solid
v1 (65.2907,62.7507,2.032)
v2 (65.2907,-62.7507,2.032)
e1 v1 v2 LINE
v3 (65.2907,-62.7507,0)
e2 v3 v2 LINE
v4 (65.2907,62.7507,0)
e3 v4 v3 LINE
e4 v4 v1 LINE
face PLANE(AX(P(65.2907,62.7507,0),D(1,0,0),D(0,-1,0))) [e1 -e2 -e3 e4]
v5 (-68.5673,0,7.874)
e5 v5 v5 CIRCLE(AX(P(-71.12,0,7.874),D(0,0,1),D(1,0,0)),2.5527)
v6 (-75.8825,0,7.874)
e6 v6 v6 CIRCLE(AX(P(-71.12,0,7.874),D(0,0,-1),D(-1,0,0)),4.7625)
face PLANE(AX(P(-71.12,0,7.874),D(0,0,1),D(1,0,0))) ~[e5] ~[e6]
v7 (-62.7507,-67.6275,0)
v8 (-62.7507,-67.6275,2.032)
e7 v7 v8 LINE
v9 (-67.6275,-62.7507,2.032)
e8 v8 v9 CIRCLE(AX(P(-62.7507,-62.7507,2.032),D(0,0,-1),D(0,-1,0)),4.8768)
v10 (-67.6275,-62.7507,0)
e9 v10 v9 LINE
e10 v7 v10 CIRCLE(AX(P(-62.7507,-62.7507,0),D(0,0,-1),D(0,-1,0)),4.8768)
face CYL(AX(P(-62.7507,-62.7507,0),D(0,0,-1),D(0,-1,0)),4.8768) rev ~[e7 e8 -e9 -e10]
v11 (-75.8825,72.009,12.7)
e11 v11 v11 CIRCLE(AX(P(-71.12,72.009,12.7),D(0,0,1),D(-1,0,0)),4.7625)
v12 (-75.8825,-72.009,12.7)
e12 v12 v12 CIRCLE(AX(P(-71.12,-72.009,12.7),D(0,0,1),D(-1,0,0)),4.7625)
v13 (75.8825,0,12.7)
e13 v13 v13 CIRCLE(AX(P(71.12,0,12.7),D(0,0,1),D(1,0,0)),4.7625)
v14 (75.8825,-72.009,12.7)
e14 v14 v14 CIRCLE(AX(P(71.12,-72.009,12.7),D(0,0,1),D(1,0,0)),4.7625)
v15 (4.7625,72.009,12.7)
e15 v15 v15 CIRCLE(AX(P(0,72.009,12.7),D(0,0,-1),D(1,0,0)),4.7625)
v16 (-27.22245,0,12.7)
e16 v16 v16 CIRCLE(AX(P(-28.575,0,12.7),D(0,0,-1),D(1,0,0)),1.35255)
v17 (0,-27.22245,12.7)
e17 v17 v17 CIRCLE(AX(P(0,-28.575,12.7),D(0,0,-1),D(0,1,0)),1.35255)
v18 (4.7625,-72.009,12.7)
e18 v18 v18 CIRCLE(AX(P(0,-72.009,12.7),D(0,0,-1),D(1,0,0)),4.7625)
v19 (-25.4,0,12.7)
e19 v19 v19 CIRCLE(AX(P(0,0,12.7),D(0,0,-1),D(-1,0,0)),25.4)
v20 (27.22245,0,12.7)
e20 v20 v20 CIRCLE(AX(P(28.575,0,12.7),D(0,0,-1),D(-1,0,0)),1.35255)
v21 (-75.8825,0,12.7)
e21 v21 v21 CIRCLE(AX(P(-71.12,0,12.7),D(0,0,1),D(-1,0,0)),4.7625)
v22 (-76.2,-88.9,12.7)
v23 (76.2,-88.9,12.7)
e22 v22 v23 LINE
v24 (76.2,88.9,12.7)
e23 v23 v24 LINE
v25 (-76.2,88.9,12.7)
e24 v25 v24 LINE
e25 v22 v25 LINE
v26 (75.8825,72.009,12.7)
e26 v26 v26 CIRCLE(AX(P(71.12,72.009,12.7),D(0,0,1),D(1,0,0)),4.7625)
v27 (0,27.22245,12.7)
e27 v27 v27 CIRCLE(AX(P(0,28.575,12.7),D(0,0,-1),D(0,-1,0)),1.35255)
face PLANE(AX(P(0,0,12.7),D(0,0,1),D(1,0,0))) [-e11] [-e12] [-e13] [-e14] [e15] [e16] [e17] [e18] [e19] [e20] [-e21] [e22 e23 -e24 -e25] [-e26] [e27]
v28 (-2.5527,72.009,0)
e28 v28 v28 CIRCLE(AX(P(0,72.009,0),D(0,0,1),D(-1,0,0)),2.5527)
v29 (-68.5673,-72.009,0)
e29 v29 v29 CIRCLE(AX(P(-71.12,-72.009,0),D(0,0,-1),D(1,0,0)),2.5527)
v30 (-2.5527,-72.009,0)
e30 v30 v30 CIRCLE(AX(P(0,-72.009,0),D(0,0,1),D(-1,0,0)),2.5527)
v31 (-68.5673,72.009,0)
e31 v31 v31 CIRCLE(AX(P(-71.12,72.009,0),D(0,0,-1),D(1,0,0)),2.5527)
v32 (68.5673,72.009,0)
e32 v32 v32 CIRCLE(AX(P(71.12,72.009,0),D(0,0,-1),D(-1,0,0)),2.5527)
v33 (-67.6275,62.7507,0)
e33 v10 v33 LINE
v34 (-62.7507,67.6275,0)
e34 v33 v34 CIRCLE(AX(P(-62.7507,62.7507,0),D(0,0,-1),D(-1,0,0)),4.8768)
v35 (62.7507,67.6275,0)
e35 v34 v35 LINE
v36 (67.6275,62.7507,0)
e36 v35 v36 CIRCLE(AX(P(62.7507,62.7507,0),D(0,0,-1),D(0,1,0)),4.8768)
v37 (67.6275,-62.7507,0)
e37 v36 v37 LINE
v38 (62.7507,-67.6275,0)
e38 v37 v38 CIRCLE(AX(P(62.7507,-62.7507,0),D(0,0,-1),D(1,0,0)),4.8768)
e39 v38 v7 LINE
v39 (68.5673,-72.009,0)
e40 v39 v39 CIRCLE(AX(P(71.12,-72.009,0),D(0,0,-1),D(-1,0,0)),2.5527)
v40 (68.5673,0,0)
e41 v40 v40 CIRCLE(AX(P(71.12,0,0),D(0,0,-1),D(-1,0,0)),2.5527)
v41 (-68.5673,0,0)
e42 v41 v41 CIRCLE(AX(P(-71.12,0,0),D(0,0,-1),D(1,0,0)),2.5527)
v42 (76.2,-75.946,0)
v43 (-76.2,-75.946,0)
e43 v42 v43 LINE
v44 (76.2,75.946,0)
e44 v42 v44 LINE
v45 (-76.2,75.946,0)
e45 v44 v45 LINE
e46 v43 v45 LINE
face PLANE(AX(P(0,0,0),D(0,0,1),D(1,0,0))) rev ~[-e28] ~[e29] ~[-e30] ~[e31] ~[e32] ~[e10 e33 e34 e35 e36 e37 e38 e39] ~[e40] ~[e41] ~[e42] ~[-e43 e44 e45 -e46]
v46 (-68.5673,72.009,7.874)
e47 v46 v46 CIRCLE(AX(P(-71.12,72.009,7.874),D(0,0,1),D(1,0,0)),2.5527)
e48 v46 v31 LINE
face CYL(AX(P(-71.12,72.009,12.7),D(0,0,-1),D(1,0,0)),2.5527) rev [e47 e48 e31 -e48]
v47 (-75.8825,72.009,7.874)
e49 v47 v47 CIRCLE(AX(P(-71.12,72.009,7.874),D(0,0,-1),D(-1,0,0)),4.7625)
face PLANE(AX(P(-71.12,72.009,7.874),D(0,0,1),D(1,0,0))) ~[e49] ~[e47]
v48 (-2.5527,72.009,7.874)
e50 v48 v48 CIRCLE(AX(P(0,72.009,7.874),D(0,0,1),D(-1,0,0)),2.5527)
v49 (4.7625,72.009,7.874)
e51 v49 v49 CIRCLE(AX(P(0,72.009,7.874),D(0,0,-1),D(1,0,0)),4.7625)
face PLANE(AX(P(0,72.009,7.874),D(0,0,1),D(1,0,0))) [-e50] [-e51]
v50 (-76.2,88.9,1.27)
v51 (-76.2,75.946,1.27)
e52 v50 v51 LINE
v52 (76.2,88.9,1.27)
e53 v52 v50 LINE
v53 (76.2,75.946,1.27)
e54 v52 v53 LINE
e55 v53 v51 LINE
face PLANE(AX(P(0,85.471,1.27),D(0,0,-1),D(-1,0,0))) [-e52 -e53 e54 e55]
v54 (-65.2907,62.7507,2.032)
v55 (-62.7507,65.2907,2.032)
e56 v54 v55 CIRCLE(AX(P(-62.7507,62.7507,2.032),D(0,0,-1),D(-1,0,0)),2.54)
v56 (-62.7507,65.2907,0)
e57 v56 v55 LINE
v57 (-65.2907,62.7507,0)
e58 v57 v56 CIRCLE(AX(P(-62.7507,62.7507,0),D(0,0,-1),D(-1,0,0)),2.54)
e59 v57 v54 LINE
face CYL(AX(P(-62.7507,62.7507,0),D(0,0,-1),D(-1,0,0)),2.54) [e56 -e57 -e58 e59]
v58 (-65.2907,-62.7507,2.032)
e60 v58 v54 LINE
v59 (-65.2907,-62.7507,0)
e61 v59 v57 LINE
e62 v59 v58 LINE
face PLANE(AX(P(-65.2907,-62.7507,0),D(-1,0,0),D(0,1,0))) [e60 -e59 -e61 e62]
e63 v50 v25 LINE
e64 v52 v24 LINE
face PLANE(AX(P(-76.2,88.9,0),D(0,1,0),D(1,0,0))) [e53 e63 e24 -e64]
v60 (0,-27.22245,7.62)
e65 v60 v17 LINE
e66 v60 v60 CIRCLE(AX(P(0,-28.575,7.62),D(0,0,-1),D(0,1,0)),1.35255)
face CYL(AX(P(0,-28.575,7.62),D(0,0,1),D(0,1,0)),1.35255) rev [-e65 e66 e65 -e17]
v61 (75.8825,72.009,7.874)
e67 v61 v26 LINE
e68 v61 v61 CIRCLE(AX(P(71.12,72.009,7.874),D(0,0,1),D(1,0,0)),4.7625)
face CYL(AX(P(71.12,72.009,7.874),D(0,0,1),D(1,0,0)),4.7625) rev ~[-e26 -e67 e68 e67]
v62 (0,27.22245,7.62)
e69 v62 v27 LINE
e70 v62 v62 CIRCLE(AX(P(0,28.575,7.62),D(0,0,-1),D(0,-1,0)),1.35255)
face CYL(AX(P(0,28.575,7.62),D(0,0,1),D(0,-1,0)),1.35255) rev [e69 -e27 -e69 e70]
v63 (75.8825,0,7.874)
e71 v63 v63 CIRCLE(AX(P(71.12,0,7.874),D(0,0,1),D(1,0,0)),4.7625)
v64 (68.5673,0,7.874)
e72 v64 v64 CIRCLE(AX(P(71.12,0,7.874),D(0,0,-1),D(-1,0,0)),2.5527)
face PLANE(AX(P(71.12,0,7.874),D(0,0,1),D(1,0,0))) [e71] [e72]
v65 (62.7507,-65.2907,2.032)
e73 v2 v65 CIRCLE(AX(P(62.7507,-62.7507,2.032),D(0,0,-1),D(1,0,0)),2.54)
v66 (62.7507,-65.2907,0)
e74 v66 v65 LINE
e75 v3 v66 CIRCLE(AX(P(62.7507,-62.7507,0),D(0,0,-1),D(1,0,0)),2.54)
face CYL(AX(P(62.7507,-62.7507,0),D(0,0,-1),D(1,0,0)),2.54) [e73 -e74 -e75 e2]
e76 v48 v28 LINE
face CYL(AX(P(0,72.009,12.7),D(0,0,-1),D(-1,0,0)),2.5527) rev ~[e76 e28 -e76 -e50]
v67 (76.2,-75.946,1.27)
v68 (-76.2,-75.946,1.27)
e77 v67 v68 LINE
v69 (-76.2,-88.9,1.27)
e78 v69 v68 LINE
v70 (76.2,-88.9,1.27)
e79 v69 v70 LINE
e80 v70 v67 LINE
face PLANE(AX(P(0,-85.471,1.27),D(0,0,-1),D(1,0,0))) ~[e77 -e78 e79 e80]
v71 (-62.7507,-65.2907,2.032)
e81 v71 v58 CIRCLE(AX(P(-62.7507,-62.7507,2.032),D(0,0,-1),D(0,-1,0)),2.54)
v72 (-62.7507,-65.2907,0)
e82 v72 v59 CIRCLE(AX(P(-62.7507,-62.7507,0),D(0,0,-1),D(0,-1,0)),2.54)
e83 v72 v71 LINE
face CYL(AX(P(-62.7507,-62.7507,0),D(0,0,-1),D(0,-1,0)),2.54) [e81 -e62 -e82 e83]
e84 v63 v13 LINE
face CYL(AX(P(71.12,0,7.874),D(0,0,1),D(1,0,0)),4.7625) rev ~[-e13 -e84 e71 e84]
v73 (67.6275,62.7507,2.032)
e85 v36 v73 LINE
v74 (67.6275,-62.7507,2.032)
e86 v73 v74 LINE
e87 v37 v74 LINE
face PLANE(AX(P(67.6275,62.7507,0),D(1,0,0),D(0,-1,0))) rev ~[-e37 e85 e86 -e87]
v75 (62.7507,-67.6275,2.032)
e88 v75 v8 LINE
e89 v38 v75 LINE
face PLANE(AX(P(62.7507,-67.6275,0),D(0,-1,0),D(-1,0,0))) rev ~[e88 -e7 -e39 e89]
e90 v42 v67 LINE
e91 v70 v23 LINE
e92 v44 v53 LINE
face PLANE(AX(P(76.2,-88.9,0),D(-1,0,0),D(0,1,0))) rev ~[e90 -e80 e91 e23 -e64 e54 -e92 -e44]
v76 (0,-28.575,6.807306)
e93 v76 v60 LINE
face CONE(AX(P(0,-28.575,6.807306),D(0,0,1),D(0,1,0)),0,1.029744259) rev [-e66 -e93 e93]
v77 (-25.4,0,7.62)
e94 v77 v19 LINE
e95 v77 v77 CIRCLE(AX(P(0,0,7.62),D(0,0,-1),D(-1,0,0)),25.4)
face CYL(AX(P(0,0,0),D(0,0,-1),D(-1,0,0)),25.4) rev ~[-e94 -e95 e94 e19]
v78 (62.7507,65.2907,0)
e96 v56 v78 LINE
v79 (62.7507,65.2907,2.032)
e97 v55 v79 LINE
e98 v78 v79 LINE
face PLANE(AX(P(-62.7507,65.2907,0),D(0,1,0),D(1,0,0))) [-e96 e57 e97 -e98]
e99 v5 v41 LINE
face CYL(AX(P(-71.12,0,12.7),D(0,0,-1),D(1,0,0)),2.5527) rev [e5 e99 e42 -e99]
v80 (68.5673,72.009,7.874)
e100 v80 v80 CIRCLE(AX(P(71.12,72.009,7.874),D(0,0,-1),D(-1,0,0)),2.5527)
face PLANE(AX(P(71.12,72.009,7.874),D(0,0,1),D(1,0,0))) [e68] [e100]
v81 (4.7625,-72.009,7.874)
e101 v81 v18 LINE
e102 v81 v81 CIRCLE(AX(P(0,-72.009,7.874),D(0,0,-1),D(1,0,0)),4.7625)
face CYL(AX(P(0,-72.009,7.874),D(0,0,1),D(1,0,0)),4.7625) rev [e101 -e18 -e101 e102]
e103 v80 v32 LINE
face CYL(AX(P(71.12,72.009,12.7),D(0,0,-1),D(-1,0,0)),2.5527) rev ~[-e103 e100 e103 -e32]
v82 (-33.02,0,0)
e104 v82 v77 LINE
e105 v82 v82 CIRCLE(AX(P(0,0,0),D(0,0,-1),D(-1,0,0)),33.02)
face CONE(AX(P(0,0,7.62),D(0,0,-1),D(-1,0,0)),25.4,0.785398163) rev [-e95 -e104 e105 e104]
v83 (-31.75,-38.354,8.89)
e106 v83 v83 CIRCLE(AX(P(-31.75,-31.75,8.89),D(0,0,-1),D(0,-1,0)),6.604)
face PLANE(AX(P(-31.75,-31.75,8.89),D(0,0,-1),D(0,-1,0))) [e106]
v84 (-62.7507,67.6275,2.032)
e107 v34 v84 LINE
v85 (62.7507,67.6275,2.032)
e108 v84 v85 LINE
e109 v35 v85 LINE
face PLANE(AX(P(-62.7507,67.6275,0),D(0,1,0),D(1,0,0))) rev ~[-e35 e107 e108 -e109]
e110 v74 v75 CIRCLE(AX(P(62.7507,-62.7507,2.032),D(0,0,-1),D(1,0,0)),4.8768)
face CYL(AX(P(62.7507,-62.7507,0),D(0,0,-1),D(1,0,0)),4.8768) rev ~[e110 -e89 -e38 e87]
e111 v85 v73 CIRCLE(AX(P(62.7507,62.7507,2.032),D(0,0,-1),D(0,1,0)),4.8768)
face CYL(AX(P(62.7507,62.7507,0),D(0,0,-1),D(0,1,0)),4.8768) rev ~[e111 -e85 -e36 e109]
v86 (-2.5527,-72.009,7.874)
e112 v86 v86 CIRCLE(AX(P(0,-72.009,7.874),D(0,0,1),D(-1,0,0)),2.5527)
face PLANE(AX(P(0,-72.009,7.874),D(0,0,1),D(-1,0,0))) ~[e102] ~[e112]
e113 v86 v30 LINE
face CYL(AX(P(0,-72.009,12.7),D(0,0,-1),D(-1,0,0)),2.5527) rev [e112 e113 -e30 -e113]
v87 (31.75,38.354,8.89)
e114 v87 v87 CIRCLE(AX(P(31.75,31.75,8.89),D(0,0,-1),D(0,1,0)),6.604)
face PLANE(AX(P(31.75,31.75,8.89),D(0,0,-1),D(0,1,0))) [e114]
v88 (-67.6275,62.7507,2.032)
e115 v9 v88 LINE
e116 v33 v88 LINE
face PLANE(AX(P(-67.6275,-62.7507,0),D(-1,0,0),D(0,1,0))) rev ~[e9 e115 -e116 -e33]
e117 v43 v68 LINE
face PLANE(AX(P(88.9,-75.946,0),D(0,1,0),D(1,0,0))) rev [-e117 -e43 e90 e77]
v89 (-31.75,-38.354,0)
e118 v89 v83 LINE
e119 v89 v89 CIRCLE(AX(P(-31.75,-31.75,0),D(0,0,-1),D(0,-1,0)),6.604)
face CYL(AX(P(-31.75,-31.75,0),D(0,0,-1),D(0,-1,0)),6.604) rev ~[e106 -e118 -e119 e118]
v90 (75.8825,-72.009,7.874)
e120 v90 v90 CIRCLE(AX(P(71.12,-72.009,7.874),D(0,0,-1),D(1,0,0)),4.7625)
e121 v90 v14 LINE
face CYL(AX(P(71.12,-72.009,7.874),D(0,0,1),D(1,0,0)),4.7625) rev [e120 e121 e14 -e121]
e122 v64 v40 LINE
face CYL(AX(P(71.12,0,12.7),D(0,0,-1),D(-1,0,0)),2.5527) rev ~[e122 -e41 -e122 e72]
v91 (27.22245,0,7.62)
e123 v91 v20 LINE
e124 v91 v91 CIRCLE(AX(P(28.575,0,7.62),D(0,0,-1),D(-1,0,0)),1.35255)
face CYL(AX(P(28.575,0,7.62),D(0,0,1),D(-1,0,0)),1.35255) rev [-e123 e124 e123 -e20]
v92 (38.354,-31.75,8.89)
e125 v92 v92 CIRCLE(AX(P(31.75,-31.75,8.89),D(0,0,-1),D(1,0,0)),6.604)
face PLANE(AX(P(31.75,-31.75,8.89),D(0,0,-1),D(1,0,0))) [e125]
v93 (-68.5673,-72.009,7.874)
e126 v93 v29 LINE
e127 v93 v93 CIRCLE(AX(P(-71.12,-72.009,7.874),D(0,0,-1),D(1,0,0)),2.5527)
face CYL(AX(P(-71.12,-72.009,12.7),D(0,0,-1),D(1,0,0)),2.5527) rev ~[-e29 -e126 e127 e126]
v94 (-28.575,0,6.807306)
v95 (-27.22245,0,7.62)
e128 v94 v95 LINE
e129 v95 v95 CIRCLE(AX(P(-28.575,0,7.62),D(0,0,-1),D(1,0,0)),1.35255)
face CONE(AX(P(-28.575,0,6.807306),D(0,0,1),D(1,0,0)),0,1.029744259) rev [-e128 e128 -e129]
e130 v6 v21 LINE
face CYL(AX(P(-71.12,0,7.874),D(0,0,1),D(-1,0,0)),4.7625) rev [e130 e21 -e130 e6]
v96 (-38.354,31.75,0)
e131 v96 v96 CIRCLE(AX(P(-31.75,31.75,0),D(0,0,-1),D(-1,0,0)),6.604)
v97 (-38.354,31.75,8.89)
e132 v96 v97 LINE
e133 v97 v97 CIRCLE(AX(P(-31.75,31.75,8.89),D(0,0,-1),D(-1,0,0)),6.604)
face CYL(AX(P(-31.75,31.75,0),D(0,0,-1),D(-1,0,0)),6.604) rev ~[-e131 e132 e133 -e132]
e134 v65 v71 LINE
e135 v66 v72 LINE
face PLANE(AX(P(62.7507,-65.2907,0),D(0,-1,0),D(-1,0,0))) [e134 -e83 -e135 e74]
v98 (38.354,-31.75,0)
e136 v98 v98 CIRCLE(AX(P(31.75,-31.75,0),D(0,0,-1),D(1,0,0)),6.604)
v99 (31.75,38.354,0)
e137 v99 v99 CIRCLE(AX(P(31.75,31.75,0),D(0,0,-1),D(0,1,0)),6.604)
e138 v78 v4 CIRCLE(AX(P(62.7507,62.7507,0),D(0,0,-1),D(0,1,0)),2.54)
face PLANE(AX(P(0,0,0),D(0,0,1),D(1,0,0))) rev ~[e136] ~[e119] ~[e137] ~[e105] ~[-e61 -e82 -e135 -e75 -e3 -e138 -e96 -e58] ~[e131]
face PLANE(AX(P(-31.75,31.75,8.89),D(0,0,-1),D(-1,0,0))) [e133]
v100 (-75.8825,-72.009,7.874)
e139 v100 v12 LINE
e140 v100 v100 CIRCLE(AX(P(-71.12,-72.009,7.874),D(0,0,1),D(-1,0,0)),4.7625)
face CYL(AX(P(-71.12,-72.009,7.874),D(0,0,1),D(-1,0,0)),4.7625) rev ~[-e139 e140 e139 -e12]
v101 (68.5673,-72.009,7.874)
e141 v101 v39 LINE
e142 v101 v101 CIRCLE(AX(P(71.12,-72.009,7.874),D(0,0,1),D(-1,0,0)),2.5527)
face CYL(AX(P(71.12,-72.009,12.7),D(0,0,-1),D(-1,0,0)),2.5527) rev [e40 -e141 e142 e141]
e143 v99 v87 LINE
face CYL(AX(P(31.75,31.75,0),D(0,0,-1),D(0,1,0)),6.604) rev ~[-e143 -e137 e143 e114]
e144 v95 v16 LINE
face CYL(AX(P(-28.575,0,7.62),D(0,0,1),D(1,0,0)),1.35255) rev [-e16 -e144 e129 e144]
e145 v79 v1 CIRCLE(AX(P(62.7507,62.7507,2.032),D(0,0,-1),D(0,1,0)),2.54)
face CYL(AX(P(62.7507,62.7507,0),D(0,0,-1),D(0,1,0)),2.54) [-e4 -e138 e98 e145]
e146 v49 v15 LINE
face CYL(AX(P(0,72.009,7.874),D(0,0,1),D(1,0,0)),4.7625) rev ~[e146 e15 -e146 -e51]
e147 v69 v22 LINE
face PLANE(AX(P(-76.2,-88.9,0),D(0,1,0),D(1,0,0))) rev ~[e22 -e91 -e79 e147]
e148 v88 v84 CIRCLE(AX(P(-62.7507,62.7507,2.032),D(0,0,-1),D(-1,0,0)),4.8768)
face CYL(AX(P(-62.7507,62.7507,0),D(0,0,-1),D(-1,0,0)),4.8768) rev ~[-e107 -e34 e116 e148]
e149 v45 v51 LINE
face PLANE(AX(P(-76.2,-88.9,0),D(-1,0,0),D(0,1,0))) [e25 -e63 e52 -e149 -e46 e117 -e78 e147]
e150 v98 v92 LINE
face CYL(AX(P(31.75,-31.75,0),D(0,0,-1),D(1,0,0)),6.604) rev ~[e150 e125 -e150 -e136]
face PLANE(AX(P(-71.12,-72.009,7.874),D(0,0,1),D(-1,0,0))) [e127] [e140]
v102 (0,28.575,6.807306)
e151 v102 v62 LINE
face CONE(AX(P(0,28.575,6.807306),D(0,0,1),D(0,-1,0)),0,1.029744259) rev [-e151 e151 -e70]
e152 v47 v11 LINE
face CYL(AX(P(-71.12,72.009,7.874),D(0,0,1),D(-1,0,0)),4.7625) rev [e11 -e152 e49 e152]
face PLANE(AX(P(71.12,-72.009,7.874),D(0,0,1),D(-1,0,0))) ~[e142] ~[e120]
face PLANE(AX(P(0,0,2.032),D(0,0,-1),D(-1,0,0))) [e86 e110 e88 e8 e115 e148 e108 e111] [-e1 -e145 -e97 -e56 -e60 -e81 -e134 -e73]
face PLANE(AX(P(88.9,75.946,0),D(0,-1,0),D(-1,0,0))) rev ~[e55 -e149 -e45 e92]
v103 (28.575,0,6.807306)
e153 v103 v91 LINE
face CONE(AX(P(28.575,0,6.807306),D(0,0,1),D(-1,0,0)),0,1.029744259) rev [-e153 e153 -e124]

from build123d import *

# Parameters (mm, degrees)
SKETCH1_W                                       = 152.4
SKETCH1_H                                       = 177.8
BOSS_EXTRUDE1_DEPTH                             = 12.7
SKETCH3_R                                       = 25.4
CUT_EXTRUDE2_DEPTH                              = 118.774954893
CBORE_FOR_10_SOCKET_HEAD_CAP_SCREW2_D           = 5.1054
CBORE_FOR_10_SOCKET_HEAD_CAP_SCREW2_CBORE_D     = 9.525
CBORE_FOR_10_SOCKET_HEAD_CAP_SCREW2_CBORE_DEPTH = 4.826
MIRROR5_COPY_1_D                                = 5.1054
MIRROR5_COPY_1_CBORE_D                          = 9.525
MIRROR5_COPY_1_CBORE_DEPTH                      = 4.826
SKETCH21_W                                      = 177.8
SKETCH21_H                                      = 19.05
CUT_EXTRUDE7_DEPTH                              = 1.27
SKETCH22_R                                      = 6.604
CUT_EXTRUDE8_DEPTH                              = 8.89
CIRPATTERN4_COUNT                               = 4
CIRPATTERN5_COUNT                               = 4
CHAMFER1_SIZE                                   = 7.62
CUT_EXTRUDE15_DEPTH                             = 2.032


with BuildPart() as part:
    # Sketch1 → Boss-Extrude1 (new body)
    with BuildSketch(Plane.XY):
        Rectangle(SKETCH1_W, SKETCH1_H)
    extrude(amount=BOSS_EXTRUDE1_DEPTH)

    # Sketch3 → Cut-Extrude2 (cut, through all)
    with BuildSketch(Plane(origin=(0, 0, 0), x_dir=(-1, 0, 0), z_dir=(0, 0, -1))):
        Circle(SKETCH3_R)
    extrude(amount=-CUT_EXTRUDE2_DEPTH, mode=Mode.SUBTRACT)

    # CBORE for #10 Socket Head Cap Screw2 (through all)
    with Locations(Plane.XY.offset(12.7)):
        with Locations((71.12, 72.009), (0, 72.009), (71.12, 0)):
            cbore_for_10_socket_head_cap_screw2 = CounterBoreHole(CBORE_FOR_10_SOCKET_HEAD_CAP_SCREW2_D / 2, CBORE_FOR_10_SOCKET_HEAD_CAP_SCREW2_CBORE_D / 2, CBORE_FOR_10_SOCKET_HEAD_CAP_SCREW2_CBORE_DEPTH)

    # Mirror4: CBORE for #10 Socket Head Cap Screw2 across plane
    add(cbore_for_10_socket_head_cap_screw2.mirror(Plane.ZX), mode=Mode.SUBTRACT)

    # Mirror5: CBORE for #10 Socket Head Cap Screw2 across plane
    add(cbore_for_10_socket_head_cap_screw2.mirror(Plane(origin=(0, 0, 0), x_dir=(0, 0, 1), z_dir=(1, 0, 0))), mode=Mode.SUBTRACT)

    # Mirror5 copy 1 (through all)
    with Locations(Plane(origin=(0, 0, 12.7), x_dir=(-1, 0, 0), z_dir=(0, 0, 1))):
        with Locations((71.12, 72.009), (0, 72.009), (71.12, 0)):
            CounterBoreHole(MIRROR5_COPY_1_D / 2, MIRROR5_COPY_1_CBORE_D / 2, MIRROR5_COPY_1_CBORE_DEPTH)

    # Sketch21 → Cut-Extrude7 (cut)
    with BuildSketch(Plane(origin=(0, 0, 0), x_dir=(-1, 0, 0), z_dir=(0, 0, -1))):
        with Locations((0, 85.471)):
            Rectangle(SKETCH21_W, SKETCH21_H)
    cut_extrude7 = extrude(amount=-CUT_EXTRUDE7_DEPTH, mode=Mode.SUBTRACT)

    # Mirror8: Cut-Extrude7 across plane
    add(cut_extrude7.mirror(Plane.ZX), mode=Mode.SUBTRACT)

    # Sketch22 → Cut-Extrude8 (cut)
    with BuildSketch(Plane(origin=(0, 0, 0), x_dir=(-1, 0, 0), z_dir=(0, 0, -1))):
        with Locations((31.75, 31.75)):
            Circle(SKETCH22_R)
    cut_extrude8 = extrude(amount=-CUT_EXTRUDE8_DEPTH, mode=Mode.SUBTRACT)

    # CirPattern4: Cut-Extrude8 ×4 about axis
    cirpattern4_axis = Axis((0, 0, 0), (0, 0, 1))
    for i in range(1, CIRPATTERN4_COUNT):
        add(cut_extrude8.rotate(cirpattern4_axis, i * 360 / CIRPATTERN4_COUNT), mode=Mode.SUBTRACT)

    # Sketch24 → #6-32 Tapped Hole1 (revolve, cut)
    with BuildSketch(Plane(origin=(0, 28.575, 12.7), x_dir=(0, -1, 0), z_dir=(1, 0, 0))):
        Polygon((0, 0), (0, 5.89269403), (1.35255, 5.08), (1.35255, 0), align=None)
    f_6_32_tapped_hole1 = revolve(axis=Axis((0, 28.575, 19.05), (0, 0, -1)), mode=Mode.SUBTRACT)

    # CirPattern5: #6-32 Tapped Hole1 ×4 about axis
    cirpattern5_axis = Axis((0, 0, 0), (0, 0, 1))
    for i in range(1, CIRPATTERN5_COUNT):
        add(f_6_32_tapped_hole1.rotate(cirpattern5_axis, i * 360 / CIRPATTERN5_COUNT), mode=Mode.SUBTRACT)

    # Chamfer1
    chamfer1_edges = [part.edges().sort_by_distance(p)[0] for p in [
        (25.4, 0, 0),
    ]]
    chamfer(chamfer1_edges, length=CHAMFER1_SIZE)

    # Sketch28 → Cut-Extrude15 (cut)
    with BuildSketch(Plane.XY):
        with BuildLine():
            Line((-62.7507, 67.6275), (62.7507, 67.6275))
            ThreePointArc((62.7507, 67.6275), (66.19911835, 66.19911835), (67.6275, 62.7507))
            Line((67.6275, 62.7507), (67.6275, -62.7507))
            ThreePointArc((67.6275, -62.7507), (66.19911835, -66.19911835), (62.7507, -67.6275))
            Line((62.7507, -67.6275), (-62.7507, -67.6275))
            ThreePointArc((-62.7507, -67.6275), (-66.19911835, -66.19911835), (-67.6275, -62.7507))
            Line((-67.6275, -62.7507), (-67.6275, 62.7507))
            ThreePointArc((-67.6275, 62.7507), (-66.19911835, 66.19911835), (-62.7507, 67.6275))
        make_face()
        with BuildLine():
            Line((-62.7507, 65.2907), (62.7507, 65.2907))
            ThreePointArc((62.7507, 65.2907), (64.546751224, 64.546751224), (65.2907, 62.7507))
            Line((65.2907, 62.7507), (65.2907, -62.7507))
            ThreePointArc((65.2907, -62.7507), (64.546751224, -64.546751224), (62.7507, -65.2907))
            Line((62.7507, -65.2907), (-62.7507, -65.2907))
            ThreePointArc((-62.7507, -65.2907), (-64.546751224, -64.546751224), (-65.2907, -62.7507))
            Line((-65.2907, -62.7507), (-65.2907, 62.7507))
            ThreePointArc((-65.2907, 62.7507), (-64.546751224, 64.546751224), (-62.7507, 65.2907))
        make_face(mode=Mode.SUBTRACT)
    extrude(amount=CUT_EXTRUDE15_DEPTH, mode=Mode.SUBTRACT)


solid = part.part
